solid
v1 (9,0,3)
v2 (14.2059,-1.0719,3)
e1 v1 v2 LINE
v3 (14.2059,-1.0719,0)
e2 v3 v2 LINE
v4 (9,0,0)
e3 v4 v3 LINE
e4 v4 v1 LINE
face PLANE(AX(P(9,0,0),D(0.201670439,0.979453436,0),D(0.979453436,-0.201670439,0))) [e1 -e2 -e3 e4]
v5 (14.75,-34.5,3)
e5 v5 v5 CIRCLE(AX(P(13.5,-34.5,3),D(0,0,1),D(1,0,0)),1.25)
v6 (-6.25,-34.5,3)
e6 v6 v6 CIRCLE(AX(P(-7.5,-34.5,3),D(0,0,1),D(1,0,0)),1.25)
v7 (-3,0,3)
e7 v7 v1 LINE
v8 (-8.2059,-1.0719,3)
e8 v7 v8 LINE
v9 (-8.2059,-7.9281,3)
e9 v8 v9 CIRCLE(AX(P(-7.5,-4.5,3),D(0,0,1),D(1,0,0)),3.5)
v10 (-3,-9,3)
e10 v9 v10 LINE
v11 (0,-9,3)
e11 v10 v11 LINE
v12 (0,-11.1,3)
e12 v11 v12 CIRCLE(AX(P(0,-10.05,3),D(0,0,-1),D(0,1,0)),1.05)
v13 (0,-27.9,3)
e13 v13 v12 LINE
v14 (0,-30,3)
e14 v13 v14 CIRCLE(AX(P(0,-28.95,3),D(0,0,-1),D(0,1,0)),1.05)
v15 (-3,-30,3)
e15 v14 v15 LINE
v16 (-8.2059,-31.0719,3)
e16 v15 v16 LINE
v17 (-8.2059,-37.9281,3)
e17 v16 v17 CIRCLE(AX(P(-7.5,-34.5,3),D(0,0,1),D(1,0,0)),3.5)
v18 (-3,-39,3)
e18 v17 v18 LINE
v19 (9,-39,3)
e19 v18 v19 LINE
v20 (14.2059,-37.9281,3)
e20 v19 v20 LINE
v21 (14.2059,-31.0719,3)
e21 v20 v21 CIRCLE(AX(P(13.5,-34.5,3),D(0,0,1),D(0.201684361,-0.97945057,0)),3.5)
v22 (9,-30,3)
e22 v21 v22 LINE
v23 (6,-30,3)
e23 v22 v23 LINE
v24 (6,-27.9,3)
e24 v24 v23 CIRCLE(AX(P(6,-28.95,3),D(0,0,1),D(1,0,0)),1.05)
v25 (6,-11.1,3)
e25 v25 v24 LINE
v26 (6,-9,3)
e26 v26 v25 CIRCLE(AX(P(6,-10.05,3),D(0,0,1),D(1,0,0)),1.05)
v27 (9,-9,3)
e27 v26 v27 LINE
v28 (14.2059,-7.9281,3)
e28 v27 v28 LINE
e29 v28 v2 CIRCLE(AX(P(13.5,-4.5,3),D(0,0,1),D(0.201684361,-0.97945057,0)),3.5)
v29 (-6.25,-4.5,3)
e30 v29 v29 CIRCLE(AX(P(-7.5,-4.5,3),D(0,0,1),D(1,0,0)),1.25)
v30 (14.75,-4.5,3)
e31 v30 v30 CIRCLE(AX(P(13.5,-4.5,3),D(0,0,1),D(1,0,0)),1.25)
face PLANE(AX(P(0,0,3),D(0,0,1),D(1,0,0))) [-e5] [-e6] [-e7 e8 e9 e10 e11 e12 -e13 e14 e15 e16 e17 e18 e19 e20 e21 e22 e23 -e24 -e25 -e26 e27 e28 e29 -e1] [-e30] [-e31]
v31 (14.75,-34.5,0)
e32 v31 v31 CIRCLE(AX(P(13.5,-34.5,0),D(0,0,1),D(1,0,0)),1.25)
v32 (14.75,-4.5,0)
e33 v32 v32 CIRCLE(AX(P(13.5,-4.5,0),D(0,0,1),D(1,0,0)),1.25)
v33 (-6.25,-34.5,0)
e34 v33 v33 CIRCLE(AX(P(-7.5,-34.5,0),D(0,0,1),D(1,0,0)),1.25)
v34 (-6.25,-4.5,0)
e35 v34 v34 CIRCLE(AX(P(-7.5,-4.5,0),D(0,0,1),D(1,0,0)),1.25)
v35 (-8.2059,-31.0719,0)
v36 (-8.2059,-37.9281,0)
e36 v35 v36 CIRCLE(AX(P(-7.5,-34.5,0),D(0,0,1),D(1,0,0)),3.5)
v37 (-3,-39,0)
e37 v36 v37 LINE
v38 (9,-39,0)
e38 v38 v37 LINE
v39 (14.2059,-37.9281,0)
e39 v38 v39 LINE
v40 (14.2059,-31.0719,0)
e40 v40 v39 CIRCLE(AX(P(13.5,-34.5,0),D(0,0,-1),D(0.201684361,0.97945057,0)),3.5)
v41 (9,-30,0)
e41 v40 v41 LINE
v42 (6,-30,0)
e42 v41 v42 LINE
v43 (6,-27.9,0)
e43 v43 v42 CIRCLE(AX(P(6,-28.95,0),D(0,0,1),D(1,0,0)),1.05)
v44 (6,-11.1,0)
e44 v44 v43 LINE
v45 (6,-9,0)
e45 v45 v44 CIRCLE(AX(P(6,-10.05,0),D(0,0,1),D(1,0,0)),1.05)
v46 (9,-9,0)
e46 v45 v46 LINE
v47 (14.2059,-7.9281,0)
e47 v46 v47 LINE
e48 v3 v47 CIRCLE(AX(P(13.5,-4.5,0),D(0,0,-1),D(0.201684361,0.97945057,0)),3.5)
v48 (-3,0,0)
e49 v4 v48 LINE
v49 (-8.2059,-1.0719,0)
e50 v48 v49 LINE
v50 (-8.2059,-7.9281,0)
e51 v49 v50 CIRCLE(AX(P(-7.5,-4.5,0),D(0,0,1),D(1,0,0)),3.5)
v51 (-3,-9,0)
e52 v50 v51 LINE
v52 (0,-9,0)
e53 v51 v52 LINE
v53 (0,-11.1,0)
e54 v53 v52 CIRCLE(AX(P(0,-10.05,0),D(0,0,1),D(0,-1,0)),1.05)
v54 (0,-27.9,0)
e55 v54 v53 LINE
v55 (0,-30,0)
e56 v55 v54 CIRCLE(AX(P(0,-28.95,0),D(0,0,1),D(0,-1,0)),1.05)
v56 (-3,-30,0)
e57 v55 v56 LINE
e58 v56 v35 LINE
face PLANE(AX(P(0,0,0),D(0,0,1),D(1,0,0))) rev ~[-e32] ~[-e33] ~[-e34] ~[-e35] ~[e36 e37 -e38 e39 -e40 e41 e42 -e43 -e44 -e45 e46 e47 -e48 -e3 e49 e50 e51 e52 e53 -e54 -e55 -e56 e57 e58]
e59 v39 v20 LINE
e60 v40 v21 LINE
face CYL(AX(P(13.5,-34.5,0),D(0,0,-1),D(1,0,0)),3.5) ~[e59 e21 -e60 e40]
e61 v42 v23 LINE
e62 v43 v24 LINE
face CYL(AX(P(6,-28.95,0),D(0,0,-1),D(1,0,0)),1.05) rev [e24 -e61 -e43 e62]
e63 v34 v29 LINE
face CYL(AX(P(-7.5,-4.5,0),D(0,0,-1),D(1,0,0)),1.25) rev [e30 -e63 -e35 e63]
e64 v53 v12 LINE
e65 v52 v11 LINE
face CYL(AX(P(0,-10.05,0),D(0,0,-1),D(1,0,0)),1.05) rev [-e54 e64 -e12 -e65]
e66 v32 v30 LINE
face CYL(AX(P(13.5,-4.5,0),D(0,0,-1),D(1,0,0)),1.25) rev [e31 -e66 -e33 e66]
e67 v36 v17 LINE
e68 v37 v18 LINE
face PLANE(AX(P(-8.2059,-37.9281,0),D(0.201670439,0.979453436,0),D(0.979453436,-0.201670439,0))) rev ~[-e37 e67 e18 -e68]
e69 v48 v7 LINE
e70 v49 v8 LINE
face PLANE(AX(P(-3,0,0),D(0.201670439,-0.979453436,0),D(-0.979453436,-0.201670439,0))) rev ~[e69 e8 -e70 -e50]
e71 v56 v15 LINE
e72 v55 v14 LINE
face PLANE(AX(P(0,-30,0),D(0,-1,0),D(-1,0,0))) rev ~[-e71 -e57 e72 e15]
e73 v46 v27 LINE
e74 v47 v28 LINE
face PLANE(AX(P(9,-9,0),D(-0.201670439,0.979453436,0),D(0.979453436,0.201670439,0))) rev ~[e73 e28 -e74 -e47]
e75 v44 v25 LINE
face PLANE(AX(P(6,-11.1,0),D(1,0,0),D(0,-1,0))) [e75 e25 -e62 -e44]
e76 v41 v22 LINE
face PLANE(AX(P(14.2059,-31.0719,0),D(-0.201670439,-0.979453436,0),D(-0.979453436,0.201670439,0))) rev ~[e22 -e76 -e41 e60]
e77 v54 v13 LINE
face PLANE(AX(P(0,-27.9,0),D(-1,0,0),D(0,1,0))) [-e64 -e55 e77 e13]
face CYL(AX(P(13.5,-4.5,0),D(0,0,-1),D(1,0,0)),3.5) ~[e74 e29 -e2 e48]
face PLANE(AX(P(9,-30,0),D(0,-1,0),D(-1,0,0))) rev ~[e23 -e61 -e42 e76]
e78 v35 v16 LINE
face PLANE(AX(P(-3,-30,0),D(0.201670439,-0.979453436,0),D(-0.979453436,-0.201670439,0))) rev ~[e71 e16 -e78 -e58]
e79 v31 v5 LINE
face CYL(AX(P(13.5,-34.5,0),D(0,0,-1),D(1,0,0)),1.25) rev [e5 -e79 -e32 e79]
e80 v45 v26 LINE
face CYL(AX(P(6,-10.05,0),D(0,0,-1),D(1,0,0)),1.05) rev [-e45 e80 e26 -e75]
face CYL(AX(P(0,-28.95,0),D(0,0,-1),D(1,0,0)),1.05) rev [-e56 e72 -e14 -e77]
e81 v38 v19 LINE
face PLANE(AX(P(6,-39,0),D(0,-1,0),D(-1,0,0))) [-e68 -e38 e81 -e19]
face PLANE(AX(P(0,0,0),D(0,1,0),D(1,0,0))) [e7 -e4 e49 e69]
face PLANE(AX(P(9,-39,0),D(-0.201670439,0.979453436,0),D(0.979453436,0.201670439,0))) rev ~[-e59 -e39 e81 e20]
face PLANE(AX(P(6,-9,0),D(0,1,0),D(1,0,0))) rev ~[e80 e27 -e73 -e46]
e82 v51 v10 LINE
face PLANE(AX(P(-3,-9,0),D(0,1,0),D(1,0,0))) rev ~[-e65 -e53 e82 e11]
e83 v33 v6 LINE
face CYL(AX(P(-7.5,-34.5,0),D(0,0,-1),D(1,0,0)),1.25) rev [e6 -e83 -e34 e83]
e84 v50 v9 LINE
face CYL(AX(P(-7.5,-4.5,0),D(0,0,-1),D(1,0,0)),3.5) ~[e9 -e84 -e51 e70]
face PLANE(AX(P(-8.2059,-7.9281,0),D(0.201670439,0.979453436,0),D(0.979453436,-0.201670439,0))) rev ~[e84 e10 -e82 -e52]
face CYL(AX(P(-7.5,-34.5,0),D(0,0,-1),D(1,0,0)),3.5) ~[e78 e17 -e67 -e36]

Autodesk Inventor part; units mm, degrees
ref_plane "YZ Plane" through (0, 0, 0) normal (1, 0, 0) x (0, 1, 0)
ref_plane "XZ Plane" through (0, 0, 0) normal (0, 1, 0) x (-1, 0, 0)
ref_plane "XY Plane" through (0, 0, 0) normal (0, 0, 1) x (1, 0, 0)
sketch "スケッチ1" plane through (0, 0, 0) normal (0, 0, 1) x (1, 0, 0)
  line L0 (0, 0) -> (6, 0)
  line L1 (6, 0) -> (6, -39)
  line L2 (6, -39) -> (0, -39)
  line L3 (0, -39) -> (0, 0)
  line L4 (6, 0) -> (9, 0)
  circle A0 centre (13.5, -4.5) radius 1.25
  circle A1 centre (-7.5, -4.5) radius 1.25
  circle A2 centre (-7.5, -34.5) radius 1.25
  circle A3 centre (13.5, -34.5) radius 1.25
  circle A4 centre (-7.5, -4.5) radius 3.5
  circle A5 centre (13.5, -4.5) radius 3.5
  circle A6 centre (13.5, -34.5) radius 3.5
  circle A7 centre (-7.5, -34.5) radius 3.5
  line L5 (0, 0) -> (-3, 0)
  line L6 (-3, 0) -> (-8.2059, -1.0719)
  line L7 (-8.2059, -7.9281) -> (-3, -9)
  line L8 (-3, -9) -> (0, -9)
  line L9 (6, -9) -> (9, -9)
  line L10 (9, -9) -> (14.2059, -7.9281)
  line L11 (14.2059, -31.0719) -> (9, -30)
  line L12 (9, -30) -> (6, -30)
  line L13 (0, -30) -> (-3, -30)
  line L14 (-3, -30) -> (-8.2059, -31.0719)
  line L15 (-8.2059, -37.9281) -> (-3, -39)
  line L16 (-3, -39) -> (0, -39)
  line L17 (6, -39) -> (9, -39)
  line L18 (9, -39) -> (14.2059, -37.9281)
  line L19 (-7.5, -34.5) -> (13.5, -34.5) construction
  line L20 (9, 0) -> (14.2059, -1.0719)
  circle A8 centre (0, -10.05) radius 1.05
  circle A9 centre (6, -10.05) radius 1.05
  circle A10 centre (0, -28.95) radius 1.05
  circle A11 centre (6, -28.95) radius 1.05
  point P0 (0, -9)
  point P1 (0, -11.1)
  point P2 (0, -27.9)
  point P3 (6, -27.9)
  point P4 (6, -11.1)
  dimension "d0" = 6
  dimension "d1" = 39
  dimension "d2" = 3
  dimension "d3" = 2.5
  dimension "d4" = 2.5
  dimension "d5" = 2.5
  dimension "d6" = 2.5
  dimension "d7" = 7
  dimension "d8" = 7
  dimension "d9" = 7
  dimension "d10" = 7
  dimension "d11" = 3
  dimension "d12" = 3
  dimension "d13" = 3
  dimension "d14" = 3
  dimension "d15" = 3
  dimension "d16" = 3
  dimension "d19" = 4.5
  dimension "d20" = 4.5
  dimension "d21" = 7.5
  dimension "d22" = 7.5
  dimension "d23" = 3
  dimension "d24" = 7.5
  dimension "d25" = 4.5
  dimension "d26" = 7.5
  dimension "d27" = 4.5
  dimension "d28" = 2.1
  dimension "d29" = 2.1
  dimension "d30" = 2.1
  dimension "d31" = 2.1
extrude "押し出し1" add sketch "スケッチ1" along normal blind 3 contours L0 L1 A9 A11 L2 L3 A10 A8 | L3 L8 L7 A4 L6 L5 | L4 L20 A5 L10 L9 L1 | A4 | A5 | L3 L16 L15 A7 L14 L13 | L12 L11 A6 L18 L17 L1 | A7 | A6
properties part number "シールド根本留め具"
